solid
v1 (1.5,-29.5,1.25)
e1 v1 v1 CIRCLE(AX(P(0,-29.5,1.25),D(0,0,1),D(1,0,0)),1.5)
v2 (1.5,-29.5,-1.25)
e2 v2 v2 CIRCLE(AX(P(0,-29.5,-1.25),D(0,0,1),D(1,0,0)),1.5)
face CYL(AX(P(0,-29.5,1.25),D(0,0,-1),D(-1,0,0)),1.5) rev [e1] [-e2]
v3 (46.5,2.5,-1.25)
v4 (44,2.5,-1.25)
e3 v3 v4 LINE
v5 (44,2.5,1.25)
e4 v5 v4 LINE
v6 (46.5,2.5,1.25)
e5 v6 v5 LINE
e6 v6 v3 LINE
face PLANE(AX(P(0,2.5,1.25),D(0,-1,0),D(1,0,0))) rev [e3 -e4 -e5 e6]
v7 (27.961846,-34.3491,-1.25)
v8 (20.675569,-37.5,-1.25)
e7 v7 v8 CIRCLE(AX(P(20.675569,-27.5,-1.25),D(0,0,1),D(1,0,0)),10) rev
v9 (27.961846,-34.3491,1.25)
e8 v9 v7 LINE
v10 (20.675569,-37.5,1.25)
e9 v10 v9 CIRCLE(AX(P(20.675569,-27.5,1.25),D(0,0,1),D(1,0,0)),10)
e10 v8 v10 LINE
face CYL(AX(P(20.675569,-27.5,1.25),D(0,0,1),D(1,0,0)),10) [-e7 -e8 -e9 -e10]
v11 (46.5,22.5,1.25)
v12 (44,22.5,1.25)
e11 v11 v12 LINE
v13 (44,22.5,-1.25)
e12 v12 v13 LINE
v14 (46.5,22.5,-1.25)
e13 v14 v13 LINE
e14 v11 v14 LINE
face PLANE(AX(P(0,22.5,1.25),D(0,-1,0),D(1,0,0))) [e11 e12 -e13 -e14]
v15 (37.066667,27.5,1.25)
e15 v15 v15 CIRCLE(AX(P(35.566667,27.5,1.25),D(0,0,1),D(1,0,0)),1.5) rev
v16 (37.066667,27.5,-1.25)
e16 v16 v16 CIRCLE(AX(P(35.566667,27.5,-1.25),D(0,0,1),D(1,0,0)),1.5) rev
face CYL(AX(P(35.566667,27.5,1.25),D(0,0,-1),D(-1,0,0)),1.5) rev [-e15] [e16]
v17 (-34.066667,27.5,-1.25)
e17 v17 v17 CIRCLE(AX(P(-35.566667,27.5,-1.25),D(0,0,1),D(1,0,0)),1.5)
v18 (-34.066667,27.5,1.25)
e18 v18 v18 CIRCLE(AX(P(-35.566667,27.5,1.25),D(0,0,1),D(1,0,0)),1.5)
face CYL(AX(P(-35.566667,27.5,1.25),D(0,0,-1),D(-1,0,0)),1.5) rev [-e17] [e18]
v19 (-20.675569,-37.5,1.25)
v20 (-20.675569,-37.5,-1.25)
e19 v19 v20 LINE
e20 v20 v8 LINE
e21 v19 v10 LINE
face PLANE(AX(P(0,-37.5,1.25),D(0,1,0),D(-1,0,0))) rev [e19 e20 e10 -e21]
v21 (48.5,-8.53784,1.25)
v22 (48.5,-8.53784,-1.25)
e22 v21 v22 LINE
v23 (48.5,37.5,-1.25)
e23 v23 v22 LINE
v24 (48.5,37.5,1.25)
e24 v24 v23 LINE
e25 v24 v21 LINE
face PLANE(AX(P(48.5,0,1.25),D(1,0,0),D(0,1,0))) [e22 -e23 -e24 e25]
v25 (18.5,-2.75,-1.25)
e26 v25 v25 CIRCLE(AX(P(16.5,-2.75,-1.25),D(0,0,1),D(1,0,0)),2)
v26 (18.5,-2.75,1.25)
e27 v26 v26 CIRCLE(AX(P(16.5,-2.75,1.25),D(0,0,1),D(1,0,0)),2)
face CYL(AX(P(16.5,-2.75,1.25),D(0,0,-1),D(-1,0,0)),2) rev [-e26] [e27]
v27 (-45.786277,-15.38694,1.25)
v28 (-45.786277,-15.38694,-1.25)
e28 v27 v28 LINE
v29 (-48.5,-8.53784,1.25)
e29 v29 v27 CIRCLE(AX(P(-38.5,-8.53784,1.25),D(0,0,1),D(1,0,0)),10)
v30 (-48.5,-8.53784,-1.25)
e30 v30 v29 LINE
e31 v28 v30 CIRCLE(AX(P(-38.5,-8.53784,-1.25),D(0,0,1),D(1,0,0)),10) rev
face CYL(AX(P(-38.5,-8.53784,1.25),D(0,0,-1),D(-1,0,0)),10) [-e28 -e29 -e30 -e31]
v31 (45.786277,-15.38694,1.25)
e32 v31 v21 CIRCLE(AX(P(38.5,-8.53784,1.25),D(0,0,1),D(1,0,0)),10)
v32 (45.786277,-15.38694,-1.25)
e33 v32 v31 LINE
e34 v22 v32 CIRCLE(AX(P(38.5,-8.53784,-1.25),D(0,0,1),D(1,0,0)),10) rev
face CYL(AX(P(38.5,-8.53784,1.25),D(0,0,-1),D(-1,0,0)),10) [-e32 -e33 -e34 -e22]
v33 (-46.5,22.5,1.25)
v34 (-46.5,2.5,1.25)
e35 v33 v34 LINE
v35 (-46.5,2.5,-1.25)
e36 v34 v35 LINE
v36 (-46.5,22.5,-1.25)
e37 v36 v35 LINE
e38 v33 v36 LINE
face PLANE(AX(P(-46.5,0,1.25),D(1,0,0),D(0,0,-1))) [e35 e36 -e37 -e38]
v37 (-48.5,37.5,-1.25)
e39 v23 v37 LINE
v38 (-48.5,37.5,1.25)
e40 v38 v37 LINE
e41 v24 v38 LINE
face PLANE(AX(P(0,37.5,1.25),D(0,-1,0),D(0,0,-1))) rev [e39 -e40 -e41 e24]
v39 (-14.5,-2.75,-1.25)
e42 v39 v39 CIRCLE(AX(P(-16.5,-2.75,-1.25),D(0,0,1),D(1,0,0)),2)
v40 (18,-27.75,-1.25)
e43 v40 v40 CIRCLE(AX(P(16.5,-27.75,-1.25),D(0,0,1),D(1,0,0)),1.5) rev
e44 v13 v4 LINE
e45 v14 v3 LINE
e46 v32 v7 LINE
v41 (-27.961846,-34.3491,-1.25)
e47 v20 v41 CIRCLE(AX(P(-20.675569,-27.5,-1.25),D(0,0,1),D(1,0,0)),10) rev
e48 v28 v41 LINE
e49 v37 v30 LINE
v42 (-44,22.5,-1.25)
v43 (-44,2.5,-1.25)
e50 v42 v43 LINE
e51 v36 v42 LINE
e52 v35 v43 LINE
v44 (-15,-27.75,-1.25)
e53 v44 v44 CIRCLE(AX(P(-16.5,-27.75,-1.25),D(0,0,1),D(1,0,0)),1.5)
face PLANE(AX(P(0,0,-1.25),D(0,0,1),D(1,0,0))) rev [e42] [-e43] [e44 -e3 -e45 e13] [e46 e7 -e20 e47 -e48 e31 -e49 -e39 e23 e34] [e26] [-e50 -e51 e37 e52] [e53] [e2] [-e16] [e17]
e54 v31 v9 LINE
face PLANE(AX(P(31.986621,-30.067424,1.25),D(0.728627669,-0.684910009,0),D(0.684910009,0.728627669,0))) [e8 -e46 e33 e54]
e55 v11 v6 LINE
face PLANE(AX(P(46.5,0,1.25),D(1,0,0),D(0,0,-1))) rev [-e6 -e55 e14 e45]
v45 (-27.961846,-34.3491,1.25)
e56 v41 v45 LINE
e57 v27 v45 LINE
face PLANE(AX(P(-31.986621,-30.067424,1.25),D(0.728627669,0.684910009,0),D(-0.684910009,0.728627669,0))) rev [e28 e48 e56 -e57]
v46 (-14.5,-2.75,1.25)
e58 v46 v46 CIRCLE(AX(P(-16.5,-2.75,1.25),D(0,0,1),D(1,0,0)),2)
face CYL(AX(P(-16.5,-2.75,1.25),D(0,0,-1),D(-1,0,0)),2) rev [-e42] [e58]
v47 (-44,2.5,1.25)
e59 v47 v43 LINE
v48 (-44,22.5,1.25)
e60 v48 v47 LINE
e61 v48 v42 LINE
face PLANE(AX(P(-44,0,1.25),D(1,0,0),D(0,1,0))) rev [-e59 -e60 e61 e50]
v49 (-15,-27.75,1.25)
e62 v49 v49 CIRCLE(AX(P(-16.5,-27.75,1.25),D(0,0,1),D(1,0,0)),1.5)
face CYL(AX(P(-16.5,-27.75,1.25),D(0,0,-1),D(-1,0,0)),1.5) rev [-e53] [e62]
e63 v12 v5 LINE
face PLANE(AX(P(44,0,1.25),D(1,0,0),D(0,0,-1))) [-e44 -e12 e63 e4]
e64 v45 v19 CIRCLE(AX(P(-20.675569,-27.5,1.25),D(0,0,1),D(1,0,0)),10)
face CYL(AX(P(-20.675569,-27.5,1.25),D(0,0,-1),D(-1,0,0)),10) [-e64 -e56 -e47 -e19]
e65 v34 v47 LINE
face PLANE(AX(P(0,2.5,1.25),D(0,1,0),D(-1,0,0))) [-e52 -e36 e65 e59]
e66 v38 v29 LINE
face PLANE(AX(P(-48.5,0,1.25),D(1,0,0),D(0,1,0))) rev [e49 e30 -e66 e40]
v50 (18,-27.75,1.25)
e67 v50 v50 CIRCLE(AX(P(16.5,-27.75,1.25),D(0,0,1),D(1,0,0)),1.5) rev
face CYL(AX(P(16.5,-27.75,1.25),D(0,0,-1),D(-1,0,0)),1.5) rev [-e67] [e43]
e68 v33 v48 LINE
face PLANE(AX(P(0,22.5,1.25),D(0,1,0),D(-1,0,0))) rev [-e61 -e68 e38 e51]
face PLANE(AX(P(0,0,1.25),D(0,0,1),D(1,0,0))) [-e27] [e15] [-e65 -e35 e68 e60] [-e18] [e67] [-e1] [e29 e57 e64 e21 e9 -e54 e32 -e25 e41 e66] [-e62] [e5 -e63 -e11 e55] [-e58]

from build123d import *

# Parameters (mm, degrees)
SKETCH1_3_R         = 1.5
SKETCH1_3_R_2       = 2
SKETCH1_3_W         = 2.5
SKETCH1_3_H         = 20
BOSS_EXTRUDE2_DEPTH = 1.25
FILLET2_R           = 10


with BuildPart() as part:
    # Sketch1<3> → Boss-Extrude2 (new, symmetric)
    with BuildSketch(Plane.XY):
        Polygon((48.5, -12.5), (48.5, 37.5), (-48.5, 37.5), (-48.5, -12.5), (-25, -37.5), (25, -37.5), align=None)
        with Locations((0, -29.5)):
            Circle(SKETCH1_3_R, mode=Mode.SUBTRACT)
        with Locations((-16.5, -27.75)):
            Circle(SKETCH1_3_R, mode=Mode.SUBTRACT)
        with Locations((16.5, -27.75)):
            Circle(SKETCH1_3_R, mode=Mode.SUBTRACT)
        with Locations((16.5, -2.75)):
            Circle(SKETCH1_3_R_2, mode=Mode.SUBTRACT)
        with Locations((-45.25, 12.5)):
            Rectangle(SKETCH1_3_W, SKETCH1_3_H, mode=Mode.SUBTRACT)
        with Locations((-35.566666667, 27.5)):
            Circle(SKETCH1_3_R, mode=Mode.SUBTRACT)
        with Locations((45.25, 12.5)):
            Rectangle(SKETCH1_3_W, SKETCH1_3_H, mode=Mode.SUBTRACT)
        with Locations((35.566666667, 27.5)):
            Circle(SKETCH1_3_R, mode=Mode.SUBTRACT)
        with Locations((-16.5, -2.75)):
            Circle(SKETCH1_3_R_2, mode=Mode.SUBTRACT)
    extrude(amount=BOSS_EXTRUDE2_DEPTH, both=True)

    # Fillet2
    fillet2_edges = [part.edges().sort_by_distance(p)[0] for p in [
        (48.5, -12.5, 0),
        (25, -37.5, 0),
        (-25, -37.5, 0),
        (-48.5, -12.5, 0),
    ]]
    fillet(fillet2_edges, radius=FILLET2_R)


solid = part.part
